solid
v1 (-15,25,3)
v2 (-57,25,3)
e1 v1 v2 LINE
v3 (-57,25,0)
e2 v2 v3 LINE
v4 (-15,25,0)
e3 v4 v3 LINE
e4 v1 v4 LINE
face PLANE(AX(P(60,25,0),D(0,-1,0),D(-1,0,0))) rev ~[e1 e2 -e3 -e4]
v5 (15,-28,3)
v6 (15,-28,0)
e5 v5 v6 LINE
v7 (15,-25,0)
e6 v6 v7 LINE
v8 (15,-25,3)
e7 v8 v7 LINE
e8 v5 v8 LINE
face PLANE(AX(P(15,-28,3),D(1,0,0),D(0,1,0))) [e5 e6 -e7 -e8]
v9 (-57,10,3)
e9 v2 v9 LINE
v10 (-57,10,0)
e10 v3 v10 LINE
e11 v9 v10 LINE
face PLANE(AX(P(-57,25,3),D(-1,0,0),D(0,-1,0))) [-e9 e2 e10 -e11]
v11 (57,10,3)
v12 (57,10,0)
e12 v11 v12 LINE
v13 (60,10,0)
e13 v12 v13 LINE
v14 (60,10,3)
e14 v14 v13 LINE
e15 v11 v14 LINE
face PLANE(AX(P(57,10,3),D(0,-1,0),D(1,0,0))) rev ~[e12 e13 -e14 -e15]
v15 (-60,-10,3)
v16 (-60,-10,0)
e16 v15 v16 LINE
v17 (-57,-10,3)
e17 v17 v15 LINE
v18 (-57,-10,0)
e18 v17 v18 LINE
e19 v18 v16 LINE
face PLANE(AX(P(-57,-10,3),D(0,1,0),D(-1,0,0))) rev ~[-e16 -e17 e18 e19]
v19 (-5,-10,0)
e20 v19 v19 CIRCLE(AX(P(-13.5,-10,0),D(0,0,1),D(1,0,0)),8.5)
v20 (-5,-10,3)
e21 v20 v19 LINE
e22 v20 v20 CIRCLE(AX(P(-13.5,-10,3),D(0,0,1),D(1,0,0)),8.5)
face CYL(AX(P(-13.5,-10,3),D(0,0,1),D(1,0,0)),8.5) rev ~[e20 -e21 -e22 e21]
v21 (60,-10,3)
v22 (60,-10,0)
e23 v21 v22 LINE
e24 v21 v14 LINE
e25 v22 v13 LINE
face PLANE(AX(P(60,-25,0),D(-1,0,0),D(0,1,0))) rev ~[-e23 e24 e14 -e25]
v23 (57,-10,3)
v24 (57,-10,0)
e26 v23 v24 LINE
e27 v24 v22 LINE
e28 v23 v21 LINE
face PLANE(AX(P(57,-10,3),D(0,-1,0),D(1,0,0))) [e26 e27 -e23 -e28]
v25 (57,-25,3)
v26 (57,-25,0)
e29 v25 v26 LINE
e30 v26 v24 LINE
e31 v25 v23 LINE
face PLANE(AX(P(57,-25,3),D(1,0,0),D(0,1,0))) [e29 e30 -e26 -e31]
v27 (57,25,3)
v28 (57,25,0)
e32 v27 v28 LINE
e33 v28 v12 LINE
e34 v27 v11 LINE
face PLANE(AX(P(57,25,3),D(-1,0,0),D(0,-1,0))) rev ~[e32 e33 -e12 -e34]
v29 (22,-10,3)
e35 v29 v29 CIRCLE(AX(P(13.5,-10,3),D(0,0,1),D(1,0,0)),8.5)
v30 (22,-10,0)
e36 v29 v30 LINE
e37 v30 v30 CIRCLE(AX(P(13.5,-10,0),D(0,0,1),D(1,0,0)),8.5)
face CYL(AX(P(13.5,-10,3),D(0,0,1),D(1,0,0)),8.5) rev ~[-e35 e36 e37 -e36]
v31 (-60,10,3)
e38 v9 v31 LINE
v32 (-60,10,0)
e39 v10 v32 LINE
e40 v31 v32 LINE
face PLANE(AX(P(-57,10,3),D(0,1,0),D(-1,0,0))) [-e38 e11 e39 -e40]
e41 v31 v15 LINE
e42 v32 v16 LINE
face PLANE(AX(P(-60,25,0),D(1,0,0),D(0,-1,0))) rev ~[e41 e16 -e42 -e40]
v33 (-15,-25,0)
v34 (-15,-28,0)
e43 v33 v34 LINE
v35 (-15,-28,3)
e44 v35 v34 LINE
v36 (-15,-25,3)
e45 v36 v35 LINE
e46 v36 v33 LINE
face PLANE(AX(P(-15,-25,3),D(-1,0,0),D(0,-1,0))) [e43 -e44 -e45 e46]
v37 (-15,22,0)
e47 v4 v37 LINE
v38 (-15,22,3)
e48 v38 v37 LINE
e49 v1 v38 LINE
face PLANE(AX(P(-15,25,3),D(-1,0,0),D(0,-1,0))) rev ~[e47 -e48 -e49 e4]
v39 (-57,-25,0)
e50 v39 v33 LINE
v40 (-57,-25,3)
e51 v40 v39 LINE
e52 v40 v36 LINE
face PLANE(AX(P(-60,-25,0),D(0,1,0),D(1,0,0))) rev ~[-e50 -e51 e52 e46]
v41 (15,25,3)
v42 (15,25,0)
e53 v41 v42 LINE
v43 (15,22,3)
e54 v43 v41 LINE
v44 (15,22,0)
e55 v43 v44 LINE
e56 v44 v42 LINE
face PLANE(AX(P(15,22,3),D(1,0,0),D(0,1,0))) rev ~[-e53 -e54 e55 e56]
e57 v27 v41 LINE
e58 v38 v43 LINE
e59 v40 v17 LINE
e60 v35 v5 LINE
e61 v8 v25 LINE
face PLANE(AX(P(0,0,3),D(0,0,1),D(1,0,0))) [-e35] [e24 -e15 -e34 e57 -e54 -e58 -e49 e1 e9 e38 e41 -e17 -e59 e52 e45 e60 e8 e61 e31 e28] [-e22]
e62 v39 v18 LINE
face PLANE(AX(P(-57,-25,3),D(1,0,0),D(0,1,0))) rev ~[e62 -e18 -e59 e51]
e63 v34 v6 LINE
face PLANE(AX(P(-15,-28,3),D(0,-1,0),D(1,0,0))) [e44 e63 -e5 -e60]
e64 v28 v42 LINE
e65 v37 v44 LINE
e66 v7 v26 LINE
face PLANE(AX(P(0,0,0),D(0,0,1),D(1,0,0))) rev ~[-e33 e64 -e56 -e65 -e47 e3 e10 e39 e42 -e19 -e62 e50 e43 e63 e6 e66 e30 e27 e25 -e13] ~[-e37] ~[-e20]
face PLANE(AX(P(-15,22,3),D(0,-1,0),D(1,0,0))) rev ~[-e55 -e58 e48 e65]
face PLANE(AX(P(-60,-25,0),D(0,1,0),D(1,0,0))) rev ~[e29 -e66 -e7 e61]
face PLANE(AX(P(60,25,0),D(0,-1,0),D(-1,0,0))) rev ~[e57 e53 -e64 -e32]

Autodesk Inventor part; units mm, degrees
ref_plane "YZ Plane" through (0, 0, 0) normal (1, 0, 0) x (0, 1, 0)
ref_plane "XZ Plane" through (0, 0, 0) normal (0, 1, 0) x (-1, 0, 0)
ref_plane "XY Plane" through (0, 0, 0) normal (0, 0, 1) x (1, 0, 0)
sketch "스케치1" plane through (0, 0, 0) normal (0, 0, 1) x (1, 0, 0)
  line L0 (-60, -25) -> (60, -25)
  line L1 (60, -25) -> (60, 25)
  line L2 (60, 25) -> (-60, 25)
  line L3 (-60, 25) -> (-60, -25)
  line L4 (-60, -25) -> (60, 25) construction
  line L5 (60, -25) -> (-60, 25) construction
  point P0 (0, 0)
  dimension "d0" = 120
  dimension "d1" = 50
extrude "돌출1" add sketch "스케치1" along normal blind 3
sketch "스케치2" plane through (0, 0, 3) normal (0, 0, 1) x (1, 0, 0)
  line L0 (60, 25) -> (-60, 25) projected
  line L1 (60, 25) -> (57, 25)
  line L2 (57, 25) -> (57, 10)
  line L3 (57, 10) -> (60, 10)
  line L4 (60, 10) -> (60, 25)
  line L5 (-60, 0) -> (60, 0)
  line L6 (60, -25) -> (60, 25) projected
  line L7 (0, 25) -> (0, -25)
  line L8 (-60, -25) -> (60, -25) projected
  line L9 (60, -25) -> (57, -25)
  line L10 (57, -25) -> (57, -10)
  line L11 (57, -10) -> (60, -10)
  line L12 (60, -10) -> (60, -25)
  line L13 (-60, 25) -> (-57, 25)
  line L14 (-57, 25) -> (-57, 10)
  line L15 (-57, 10) -> (-60, 10)
  line L16 (-60, 10) -> (-60, 25)
  line L17 (-60, -25) -> (-57, -25)
  line L18 (-57, -25) -> (-57, -10)
  line L19 (-57, -10) -> (-60, -10)
  line L20 (-60, -10) -> (-60, -25)
  point P0 (0, 0)
  dimension "d4" = 3
  dimension "d5" = 15
extrude "돌출2" cut sketch "스케치2" against normal through all contours L4 L3 L2 L0 | L8 L20 L19 L18 | L14 L15 L16 L0 | L6 L8 L10 L11
sketch "스케치3" plane through (0, 0, 3) normal (0, 0, 1) x (1, 0, 0)
  line L0 (-15, 22) -> (15, 22)
  line L1 (15, 22) -> (15, 28)
  line L2 (15, 28) -> (-15, 28)
  line L3 (-15, 28) -> (-15, 22)
  line L4 (57, 25) -> (-57, 25) projected
  line L5 (-15, 22) -> (15, 28) construction
  line L6 (15, 22) -> (-15, 28) construction
  point P0 (0, 0)
  point P1 (0, 25)
  point P2 (15, 25)
  point P3 (-15, 25)
  dimension "d8" = 30
  dimension "d9" = 3
extrude "돌출3" cut sketch "스케치3" against normal through all contours L3 L4 L1 L0
sketch "스케치4" plane through (0, 0, 3) normal (0, 0, 1) x (1, 0, 0)
  line L0 (-15, -28) -> (15, -28)
  line L1 (15, -28) -> (15, -22)
  line L2 (15, -22) -> (-15, -22)
  line L3 (-15, -22) -> (-15, -28)
  line L4 (-57, -25) -> (57, -25) projected
  line L5 (-15, -28) -> (15, -22) construction
  line L6 (15, -28) -> (-15, -22) construction
  point P0 (0, 0)
  point P1 (0, -25)
  point P2 (15, -25)
  point P3 (-15, -25)
  dimension "d12" = 3
  dimension "d13" = 30
extrude "돌출4" add sketch "스케치4" against normal blind 3 contours L3 L4 L1 L0
sketch "스케치5" plane through (0, 0, 3) normal (0, 0, 1) x (1, 0, 0)
  circle A0 centre (-13.5, -10) radius 8.5
  circle A1 centre (13.5, -10) radius 8.5
  line L0 (15, -25) -> (57, -25) projected
  line L1 (-57, -25) -> (-15, -25) projected
  line L2 (60, -10) -> (60, 10) projected
  point P0 (0, 0)
  dimension "d16" = 27
  dimension "d18" = 17
  dimension "d19" = 17
  dimension "d22" = 15
  dimension "d23" = 15
  dimension "d24" = 46.5
extrude "돌출5" cut sketch "스케치5" against normal through all
sketch "스케치6" plane through (0, 0, 3) normal (0, 0, 1) x (1, 0, 0)
  point P0 (0, 0)
sketch "스케치7" plane through (0, 0, 3) normal (0, 0, 1) x (1, 0, 0)
  point P0 (0, 0)
properties part number "본체 겉면 레이저 앞판 수정"
